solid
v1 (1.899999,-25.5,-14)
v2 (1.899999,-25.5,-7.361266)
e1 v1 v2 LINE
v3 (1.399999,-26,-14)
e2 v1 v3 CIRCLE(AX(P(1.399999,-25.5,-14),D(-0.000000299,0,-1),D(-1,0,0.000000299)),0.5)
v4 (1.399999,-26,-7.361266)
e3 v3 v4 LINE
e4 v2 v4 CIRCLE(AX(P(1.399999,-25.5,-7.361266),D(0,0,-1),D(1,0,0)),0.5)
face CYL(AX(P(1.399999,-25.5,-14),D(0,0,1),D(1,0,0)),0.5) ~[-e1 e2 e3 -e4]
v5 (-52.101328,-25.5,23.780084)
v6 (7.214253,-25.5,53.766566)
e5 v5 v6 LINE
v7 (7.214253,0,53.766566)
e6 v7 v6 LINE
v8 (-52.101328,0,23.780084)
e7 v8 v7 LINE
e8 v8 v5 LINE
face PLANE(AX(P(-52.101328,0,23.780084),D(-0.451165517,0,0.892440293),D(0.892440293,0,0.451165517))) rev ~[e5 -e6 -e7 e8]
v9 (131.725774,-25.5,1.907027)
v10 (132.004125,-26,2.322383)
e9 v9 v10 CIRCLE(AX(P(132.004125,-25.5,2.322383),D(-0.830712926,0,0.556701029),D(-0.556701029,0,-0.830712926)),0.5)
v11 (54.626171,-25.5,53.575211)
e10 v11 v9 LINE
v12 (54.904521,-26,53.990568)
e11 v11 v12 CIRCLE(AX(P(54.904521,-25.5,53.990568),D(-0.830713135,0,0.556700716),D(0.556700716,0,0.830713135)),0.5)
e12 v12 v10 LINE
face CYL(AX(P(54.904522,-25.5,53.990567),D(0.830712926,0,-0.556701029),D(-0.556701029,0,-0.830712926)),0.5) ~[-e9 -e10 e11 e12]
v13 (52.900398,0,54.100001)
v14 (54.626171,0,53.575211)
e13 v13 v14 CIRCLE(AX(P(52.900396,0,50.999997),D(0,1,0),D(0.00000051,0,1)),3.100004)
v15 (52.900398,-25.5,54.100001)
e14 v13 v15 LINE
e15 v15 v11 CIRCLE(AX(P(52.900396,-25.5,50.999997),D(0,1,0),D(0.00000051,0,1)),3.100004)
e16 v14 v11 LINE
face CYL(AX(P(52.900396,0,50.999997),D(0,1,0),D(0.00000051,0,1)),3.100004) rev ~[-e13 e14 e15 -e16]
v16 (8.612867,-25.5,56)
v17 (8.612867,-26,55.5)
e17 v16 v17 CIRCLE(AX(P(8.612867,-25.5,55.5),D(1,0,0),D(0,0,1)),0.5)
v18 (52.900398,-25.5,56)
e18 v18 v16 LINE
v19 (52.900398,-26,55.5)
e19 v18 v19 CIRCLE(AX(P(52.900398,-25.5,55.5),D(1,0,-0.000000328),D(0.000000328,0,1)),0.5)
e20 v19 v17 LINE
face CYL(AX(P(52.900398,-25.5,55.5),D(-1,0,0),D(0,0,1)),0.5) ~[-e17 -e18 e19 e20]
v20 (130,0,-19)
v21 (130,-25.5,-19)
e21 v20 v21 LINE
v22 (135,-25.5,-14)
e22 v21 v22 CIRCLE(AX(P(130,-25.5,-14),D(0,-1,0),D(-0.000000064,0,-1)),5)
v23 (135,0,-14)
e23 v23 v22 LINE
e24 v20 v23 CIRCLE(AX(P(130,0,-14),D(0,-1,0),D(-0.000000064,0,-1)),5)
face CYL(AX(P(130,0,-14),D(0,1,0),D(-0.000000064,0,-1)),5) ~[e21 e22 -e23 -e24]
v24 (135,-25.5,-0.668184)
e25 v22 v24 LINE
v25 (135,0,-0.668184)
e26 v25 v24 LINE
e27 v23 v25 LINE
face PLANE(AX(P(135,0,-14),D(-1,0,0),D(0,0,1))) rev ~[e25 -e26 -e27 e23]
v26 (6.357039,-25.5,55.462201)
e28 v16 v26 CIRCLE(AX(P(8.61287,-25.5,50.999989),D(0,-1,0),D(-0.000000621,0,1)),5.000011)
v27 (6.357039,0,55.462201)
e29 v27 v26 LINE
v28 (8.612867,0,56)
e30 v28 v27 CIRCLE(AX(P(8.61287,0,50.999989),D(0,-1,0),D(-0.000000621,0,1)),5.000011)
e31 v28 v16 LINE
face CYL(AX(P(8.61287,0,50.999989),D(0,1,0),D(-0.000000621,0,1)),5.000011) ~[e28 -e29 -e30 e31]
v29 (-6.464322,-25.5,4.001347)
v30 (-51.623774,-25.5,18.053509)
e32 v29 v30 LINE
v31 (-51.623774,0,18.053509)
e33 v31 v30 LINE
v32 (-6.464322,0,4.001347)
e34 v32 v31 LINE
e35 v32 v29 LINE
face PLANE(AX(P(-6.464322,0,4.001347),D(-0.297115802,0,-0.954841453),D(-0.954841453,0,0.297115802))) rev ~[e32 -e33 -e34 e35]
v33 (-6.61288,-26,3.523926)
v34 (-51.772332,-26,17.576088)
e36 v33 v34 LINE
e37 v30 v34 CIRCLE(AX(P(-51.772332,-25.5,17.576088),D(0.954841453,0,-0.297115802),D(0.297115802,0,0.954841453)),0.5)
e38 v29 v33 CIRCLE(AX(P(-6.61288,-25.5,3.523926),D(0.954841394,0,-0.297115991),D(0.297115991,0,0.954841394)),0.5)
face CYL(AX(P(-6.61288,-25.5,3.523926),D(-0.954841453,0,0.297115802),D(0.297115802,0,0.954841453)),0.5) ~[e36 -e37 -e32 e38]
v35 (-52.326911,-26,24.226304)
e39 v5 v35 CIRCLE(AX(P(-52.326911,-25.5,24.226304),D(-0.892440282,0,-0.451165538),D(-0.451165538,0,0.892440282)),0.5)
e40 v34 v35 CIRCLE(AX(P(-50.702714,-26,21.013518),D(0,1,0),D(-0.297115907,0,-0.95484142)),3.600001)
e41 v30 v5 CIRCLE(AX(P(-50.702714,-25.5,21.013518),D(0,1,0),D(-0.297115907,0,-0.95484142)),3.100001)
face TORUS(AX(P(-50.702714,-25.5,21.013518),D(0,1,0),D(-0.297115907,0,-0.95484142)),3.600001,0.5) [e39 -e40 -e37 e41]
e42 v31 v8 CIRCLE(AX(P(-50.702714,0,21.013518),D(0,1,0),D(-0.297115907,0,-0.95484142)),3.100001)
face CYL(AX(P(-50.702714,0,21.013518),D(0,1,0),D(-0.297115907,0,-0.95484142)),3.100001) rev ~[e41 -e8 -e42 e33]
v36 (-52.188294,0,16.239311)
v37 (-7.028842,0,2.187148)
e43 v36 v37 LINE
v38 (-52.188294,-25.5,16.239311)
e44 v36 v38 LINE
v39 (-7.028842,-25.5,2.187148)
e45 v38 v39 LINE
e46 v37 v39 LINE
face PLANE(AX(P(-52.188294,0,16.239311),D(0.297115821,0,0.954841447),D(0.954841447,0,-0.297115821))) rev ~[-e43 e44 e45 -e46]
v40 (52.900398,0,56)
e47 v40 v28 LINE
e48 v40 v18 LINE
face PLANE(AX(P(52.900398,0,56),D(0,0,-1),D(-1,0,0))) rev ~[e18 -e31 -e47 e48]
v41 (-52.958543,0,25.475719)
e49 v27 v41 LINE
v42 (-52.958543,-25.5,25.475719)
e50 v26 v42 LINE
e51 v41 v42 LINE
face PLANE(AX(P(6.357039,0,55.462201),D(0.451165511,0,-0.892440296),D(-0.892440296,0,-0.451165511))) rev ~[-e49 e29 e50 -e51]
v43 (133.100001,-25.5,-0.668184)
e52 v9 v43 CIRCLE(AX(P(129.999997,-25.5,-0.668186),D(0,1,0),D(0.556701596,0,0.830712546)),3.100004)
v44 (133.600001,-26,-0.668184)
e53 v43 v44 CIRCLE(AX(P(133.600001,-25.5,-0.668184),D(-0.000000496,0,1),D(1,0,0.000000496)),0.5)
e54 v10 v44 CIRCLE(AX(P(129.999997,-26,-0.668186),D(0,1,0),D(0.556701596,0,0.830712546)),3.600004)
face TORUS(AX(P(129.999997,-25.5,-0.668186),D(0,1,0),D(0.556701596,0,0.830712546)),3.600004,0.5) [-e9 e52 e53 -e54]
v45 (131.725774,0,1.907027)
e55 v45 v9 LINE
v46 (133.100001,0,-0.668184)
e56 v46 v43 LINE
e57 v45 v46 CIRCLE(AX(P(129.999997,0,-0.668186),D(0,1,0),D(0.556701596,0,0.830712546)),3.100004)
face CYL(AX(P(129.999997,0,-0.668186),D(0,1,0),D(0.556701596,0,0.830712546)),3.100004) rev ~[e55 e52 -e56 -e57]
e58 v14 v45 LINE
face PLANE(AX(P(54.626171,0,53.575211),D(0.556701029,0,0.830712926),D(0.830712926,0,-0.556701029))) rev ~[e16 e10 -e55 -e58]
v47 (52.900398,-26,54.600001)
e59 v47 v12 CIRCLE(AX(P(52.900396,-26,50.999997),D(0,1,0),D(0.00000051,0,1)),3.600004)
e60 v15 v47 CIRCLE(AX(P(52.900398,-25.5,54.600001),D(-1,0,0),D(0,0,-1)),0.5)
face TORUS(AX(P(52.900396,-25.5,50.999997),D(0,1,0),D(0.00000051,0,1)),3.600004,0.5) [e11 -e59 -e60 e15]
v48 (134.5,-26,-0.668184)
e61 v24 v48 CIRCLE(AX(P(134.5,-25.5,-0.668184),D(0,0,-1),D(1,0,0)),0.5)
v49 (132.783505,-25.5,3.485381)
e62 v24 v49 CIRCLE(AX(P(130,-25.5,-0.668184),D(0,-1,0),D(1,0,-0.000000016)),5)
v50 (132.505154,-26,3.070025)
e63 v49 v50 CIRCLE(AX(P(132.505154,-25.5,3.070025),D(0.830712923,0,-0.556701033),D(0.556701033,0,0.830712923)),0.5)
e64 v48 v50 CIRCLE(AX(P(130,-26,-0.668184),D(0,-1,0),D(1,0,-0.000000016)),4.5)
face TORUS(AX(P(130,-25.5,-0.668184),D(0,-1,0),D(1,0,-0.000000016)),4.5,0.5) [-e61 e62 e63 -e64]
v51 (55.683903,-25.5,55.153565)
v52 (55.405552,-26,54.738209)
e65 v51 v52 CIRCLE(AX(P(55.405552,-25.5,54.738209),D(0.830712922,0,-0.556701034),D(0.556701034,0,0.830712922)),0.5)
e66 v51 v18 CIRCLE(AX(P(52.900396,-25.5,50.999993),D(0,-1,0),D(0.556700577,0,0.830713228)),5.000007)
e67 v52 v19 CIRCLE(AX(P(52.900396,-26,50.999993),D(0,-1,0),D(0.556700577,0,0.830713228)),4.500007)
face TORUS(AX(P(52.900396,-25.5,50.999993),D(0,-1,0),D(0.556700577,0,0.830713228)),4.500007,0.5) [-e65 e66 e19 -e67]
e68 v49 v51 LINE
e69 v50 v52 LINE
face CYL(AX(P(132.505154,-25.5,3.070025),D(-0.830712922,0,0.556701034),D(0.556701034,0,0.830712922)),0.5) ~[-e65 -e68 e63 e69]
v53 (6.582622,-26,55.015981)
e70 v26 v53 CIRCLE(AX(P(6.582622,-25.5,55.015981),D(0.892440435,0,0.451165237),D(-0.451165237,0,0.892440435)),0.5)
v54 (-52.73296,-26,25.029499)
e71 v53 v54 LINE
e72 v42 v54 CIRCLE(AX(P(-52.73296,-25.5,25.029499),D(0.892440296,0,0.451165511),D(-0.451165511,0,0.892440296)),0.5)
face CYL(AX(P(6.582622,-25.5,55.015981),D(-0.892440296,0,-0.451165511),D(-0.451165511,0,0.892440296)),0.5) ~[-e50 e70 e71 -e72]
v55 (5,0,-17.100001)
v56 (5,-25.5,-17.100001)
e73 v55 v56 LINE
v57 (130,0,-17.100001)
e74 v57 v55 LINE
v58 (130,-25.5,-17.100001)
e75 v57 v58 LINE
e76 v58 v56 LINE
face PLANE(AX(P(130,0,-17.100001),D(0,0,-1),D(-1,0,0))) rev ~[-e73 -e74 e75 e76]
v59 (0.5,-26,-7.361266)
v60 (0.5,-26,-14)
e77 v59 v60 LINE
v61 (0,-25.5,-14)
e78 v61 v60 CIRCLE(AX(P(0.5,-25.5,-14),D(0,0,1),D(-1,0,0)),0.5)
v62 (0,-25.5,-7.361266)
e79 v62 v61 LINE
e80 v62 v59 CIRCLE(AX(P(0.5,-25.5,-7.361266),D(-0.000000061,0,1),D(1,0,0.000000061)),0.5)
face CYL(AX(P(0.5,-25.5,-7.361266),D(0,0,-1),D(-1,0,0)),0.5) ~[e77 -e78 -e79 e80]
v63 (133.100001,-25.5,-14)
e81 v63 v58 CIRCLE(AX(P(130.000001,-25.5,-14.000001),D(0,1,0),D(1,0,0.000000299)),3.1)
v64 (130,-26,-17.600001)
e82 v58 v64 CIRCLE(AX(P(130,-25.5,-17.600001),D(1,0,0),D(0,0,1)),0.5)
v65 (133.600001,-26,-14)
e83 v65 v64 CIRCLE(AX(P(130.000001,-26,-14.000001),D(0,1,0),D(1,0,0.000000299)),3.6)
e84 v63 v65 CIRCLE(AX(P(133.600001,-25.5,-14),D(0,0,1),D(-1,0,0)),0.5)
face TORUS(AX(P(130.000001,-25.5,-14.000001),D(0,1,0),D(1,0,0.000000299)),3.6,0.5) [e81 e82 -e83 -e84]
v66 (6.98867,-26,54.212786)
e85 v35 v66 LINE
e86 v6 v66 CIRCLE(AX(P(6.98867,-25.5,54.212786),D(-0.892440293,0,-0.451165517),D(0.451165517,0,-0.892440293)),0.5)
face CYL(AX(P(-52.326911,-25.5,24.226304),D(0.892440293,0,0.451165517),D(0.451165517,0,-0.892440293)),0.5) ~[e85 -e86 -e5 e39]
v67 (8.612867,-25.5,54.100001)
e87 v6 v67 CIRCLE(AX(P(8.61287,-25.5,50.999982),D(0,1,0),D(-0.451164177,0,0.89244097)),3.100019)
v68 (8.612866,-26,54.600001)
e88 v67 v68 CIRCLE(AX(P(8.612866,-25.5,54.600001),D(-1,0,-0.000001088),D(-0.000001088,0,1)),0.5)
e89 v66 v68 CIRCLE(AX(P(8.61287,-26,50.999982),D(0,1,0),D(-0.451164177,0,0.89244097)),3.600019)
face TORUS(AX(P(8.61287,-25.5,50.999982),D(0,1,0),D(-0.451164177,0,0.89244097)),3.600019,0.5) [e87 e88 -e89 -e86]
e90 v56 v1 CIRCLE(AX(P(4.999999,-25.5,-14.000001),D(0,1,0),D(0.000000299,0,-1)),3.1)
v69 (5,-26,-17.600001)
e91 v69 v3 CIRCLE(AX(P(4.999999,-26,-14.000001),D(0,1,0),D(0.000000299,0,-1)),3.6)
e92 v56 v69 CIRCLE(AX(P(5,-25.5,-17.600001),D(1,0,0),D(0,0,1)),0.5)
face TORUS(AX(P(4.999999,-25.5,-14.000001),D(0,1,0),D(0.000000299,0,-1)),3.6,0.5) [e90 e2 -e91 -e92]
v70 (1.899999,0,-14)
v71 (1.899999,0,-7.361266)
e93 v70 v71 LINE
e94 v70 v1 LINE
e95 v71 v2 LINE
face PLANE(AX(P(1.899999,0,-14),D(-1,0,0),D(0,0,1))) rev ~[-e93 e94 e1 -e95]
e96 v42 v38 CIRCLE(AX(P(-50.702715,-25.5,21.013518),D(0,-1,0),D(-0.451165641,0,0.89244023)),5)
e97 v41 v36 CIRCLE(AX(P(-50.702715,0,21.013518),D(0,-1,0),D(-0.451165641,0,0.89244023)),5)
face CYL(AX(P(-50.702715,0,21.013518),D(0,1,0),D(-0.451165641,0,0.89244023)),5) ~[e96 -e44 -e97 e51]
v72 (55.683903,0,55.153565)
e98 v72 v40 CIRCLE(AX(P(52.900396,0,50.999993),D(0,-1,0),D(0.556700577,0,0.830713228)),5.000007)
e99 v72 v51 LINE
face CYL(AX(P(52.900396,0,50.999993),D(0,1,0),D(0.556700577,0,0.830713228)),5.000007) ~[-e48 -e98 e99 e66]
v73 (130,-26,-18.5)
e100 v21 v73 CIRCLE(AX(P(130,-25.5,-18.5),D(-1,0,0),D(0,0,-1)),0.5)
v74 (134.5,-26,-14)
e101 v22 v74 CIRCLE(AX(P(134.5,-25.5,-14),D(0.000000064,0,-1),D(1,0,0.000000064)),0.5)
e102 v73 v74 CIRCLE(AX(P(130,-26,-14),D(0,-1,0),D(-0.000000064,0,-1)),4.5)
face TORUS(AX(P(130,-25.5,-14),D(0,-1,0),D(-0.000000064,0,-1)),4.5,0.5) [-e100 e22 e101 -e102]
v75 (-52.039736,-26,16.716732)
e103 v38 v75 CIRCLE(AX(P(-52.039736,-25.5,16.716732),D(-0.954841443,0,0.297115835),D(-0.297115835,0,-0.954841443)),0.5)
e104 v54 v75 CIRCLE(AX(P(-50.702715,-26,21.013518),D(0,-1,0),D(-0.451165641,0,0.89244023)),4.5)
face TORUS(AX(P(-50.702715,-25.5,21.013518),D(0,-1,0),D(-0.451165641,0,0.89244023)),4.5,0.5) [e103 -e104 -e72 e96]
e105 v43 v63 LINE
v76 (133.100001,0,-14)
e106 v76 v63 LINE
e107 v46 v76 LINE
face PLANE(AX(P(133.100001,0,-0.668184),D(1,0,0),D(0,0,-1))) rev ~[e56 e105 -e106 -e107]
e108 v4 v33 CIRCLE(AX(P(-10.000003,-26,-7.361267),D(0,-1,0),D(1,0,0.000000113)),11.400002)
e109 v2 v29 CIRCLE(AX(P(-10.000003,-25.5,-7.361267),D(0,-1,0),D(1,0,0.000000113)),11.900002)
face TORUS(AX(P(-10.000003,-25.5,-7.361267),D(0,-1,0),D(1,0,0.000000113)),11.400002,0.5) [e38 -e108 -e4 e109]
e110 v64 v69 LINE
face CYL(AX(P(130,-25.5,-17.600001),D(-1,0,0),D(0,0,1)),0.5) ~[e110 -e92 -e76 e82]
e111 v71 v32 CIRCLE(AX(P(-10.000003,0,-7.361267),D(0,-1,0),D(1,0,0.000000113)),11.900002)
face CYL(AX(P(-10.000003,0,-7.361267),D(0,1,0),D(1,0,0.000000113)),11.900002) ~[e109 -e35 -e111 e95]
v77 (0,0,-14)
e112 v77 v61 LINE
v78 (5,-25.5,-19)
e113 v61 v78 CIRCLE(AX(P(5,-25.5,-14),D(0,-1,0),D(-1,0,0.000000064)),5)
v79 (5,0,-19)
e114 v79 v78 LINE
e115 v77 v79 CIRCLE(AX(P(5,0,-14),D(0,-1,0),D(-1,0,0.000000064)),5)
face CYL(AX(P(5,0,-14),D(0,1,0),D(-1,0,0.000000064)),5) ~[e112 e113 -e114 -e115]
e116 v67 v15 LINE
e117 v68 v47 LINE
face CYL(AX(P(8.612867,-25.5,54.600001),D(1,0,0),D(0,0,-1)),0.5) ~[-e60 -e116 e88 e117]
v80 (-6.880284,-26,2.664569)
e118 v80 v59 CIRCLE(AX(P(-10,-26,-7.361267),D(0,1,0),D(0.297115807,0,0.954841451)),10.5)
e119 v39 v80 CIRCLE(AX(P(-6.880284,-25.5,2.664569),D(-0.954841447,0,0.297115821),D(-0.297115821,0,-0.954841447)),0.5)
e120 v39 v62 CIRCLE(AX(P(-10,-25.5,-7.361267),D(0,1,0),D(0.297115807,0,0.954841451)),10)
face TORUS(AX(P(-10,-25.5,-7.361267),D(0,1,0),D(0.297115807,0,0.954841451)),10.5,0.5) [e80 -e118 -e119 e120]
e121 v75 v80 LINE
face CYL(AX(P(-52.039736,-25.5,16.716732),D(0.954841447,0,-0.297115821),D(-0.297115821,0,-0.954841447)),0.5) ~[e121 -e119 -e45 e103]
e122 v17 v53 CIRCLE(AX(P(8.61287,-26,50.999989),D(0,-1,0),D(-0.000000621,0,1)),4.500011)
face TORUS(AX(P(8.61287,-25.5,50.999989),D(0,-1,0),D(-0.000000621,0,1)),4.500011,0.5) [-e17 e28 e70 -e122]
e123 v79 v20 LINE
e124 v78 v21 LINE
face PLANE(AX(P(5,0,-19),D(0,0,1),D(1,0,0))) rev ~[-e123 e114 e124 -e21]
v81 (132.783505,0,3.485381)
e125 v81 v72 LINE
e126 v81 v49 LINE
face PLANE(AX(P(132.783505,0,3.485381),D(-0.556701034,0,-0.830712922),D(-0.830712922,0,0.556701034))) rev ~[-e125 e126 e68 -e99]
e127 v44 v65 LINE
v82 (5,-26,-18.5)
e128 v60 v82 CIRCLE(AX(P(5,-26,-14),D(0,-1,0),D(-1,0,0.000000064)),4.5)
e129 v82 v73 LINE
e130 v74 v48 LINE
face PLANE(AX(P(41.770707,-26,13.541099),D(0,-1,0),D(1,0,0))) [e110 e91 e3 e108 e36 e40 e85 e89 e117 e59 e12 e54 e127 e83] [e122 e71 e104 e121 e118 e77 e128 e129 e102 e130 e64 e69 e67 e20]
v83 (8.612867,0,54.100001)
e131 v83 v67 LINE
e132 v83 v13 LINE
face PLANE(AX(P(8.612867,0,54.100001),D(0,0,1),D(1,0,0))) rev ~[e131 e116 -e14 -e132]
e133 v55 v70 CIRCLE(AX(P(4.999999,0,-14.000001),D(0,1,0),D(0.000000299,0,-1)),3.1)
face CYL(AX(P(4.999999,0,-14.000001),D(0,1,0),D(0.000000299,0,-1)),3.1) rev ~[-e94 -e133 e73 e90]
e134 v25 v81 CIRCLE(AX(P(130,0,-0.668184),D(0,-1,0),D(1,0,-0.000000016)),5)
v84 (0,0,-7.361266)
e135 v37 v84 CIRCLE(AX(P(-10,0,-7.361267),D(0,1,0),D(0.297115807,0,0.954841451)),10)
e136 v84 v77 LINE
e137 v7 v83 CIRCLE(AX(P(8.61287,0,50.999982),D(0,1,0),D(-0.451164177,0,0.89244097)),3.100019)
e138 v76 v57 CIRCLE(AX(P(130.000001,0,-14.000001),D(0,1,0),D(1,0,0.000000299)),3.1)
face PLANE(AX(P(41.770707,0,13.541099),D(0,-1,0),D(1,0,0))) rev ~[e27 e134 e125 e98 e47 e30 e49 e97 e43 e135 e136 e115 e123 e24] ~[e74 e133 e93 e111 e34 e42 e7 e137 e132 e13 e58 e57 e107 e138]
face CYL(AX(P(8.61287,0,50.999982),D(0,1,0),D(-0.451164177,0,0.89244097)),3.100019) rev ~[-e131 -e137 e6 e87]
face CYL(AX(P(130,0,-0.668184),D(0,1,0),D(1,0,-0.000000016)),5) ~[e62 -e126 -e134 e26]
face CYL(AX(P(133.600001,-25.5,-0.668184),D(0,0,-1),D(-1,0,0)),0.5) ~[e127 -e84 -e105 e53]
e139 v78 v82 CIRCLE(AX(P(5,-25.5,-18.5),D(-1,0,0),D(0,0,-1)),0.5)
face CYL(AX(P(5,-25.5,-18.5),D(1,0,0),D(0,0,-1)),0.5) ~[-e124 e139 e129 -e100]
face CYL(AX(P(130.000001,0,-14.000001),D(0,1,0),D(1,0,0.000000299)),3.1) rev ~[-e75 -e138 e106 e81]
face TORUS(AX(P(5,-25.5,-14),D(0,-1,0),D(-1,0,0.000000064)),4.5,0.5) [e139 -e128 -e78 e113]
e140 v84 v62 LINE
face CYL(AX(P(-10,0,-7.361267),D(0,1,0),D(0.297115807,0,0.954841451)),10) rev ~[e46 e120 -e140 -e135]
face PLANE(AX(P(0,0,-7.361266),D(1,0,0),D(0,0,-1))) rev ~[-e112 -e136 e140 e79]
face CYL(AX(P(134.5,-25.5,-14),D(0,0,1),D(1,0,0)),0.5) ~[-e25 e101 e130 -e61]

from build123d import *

# Parameters (mm, degrees)
F1_DEPTH = 26
F2_R     = 0.5


with BuildPart() as f1:
    # F0 (on Front) → F1 (new body)
    with BuildSketch(Plane.XZ):
        with BuildLine():
            ThreePointArc((-7.028842, 2.187148), (-1.946691, -1.433011), (0, -7.361266))
            Line((0, -7.361266), (0, -14))
            ThreePointArc((0, -14), (1.464466, -17.535534), (5, -19))
            Line((5, -19), (130, -19))
            ThreePointArc((130, -19), (133.535534, -17.535534), (135, -14))
            Line((135, -14), (135, -0.668184))
            ThreePointArc((135, -0.668184), (134.411209, 1.685799), (132.783505, 3.485381))
            Line((132.783505, 3.485381), (55.683903, 55.153565))
            ThreePointArc((55.683903, 55.153565), (54.355076, 55.783713), (52.900398, 56))
            Line((52.900398, 56), (8.612867, 56))
            ThreePointArc((8.612867, 56), (7.453343, 55.863692), (6.357039, 55.462201))
            Line((6.357039, 55.462201), (-52.958543, 25.475719))
            ThreePointArc((-52.958543, 25.475719), (-55.685419, 20.597997), (-52.188294, 16.239311))
            Line((-52.188294, 16.239311), (-7.028842, 2.187148))
        make_face()
        with BuildLine():
            Line((-52.101328, 23.780084), (7.214253, 53.766566))
            ThreePointArc((7.214253, 53.766566), (7.893962, 54.01549), (8.612867, 54.100001))
            Line((8.612867, 54.100001), (52.900398, 54.100001))
            ThreePointArc((52.900398, 54.100001), (53.802298, 53.965903), (54.626171, 53.575211))
            Line((54.626171, 53.575211), (131.725774, 1.907027))
            ThreePointArc((131.725774, 1.907027), (132.73495, 0.791286), (133.100001, -0.668184))
            Line((133.100001, -0.668184), (133.100001, -14))
            ThreePointArc((133.100001, -14), (132.192032, -16.192032), (130, -17.100001))
            Line((130, -17.100001), (5, -17.100001))
            ThreePointArc((5, -17.100001), (2.807968, -16.192032), (1.899999, -14))
            Line((1.899999, -14), (1.899999, -7.361266))
            ThreePointArc((1.899999, -7.361266), (-0.416563, -0.306643), (-6.464322, 4.001347))
            Line((-6.464322, 4.001347), (-51.623774, 18.053509))
            ThreePointArc((-51.623774, 18.053509), (-53.791992, 20.755895), (-52.101328, 23.780084))
        make_face(mode=Mode.SUBTRACT)
    extrude(amount=F1_DEPTH)

    # F2
    f2_edges = [f1.edges().sort_by_distance(p)[0] for p in [
        (67.5, -26, -19),
        (67.5, -26, -17.100001),
    ]]
    fillet(f2_edges, radius=F2_R)


solid = f1.part
